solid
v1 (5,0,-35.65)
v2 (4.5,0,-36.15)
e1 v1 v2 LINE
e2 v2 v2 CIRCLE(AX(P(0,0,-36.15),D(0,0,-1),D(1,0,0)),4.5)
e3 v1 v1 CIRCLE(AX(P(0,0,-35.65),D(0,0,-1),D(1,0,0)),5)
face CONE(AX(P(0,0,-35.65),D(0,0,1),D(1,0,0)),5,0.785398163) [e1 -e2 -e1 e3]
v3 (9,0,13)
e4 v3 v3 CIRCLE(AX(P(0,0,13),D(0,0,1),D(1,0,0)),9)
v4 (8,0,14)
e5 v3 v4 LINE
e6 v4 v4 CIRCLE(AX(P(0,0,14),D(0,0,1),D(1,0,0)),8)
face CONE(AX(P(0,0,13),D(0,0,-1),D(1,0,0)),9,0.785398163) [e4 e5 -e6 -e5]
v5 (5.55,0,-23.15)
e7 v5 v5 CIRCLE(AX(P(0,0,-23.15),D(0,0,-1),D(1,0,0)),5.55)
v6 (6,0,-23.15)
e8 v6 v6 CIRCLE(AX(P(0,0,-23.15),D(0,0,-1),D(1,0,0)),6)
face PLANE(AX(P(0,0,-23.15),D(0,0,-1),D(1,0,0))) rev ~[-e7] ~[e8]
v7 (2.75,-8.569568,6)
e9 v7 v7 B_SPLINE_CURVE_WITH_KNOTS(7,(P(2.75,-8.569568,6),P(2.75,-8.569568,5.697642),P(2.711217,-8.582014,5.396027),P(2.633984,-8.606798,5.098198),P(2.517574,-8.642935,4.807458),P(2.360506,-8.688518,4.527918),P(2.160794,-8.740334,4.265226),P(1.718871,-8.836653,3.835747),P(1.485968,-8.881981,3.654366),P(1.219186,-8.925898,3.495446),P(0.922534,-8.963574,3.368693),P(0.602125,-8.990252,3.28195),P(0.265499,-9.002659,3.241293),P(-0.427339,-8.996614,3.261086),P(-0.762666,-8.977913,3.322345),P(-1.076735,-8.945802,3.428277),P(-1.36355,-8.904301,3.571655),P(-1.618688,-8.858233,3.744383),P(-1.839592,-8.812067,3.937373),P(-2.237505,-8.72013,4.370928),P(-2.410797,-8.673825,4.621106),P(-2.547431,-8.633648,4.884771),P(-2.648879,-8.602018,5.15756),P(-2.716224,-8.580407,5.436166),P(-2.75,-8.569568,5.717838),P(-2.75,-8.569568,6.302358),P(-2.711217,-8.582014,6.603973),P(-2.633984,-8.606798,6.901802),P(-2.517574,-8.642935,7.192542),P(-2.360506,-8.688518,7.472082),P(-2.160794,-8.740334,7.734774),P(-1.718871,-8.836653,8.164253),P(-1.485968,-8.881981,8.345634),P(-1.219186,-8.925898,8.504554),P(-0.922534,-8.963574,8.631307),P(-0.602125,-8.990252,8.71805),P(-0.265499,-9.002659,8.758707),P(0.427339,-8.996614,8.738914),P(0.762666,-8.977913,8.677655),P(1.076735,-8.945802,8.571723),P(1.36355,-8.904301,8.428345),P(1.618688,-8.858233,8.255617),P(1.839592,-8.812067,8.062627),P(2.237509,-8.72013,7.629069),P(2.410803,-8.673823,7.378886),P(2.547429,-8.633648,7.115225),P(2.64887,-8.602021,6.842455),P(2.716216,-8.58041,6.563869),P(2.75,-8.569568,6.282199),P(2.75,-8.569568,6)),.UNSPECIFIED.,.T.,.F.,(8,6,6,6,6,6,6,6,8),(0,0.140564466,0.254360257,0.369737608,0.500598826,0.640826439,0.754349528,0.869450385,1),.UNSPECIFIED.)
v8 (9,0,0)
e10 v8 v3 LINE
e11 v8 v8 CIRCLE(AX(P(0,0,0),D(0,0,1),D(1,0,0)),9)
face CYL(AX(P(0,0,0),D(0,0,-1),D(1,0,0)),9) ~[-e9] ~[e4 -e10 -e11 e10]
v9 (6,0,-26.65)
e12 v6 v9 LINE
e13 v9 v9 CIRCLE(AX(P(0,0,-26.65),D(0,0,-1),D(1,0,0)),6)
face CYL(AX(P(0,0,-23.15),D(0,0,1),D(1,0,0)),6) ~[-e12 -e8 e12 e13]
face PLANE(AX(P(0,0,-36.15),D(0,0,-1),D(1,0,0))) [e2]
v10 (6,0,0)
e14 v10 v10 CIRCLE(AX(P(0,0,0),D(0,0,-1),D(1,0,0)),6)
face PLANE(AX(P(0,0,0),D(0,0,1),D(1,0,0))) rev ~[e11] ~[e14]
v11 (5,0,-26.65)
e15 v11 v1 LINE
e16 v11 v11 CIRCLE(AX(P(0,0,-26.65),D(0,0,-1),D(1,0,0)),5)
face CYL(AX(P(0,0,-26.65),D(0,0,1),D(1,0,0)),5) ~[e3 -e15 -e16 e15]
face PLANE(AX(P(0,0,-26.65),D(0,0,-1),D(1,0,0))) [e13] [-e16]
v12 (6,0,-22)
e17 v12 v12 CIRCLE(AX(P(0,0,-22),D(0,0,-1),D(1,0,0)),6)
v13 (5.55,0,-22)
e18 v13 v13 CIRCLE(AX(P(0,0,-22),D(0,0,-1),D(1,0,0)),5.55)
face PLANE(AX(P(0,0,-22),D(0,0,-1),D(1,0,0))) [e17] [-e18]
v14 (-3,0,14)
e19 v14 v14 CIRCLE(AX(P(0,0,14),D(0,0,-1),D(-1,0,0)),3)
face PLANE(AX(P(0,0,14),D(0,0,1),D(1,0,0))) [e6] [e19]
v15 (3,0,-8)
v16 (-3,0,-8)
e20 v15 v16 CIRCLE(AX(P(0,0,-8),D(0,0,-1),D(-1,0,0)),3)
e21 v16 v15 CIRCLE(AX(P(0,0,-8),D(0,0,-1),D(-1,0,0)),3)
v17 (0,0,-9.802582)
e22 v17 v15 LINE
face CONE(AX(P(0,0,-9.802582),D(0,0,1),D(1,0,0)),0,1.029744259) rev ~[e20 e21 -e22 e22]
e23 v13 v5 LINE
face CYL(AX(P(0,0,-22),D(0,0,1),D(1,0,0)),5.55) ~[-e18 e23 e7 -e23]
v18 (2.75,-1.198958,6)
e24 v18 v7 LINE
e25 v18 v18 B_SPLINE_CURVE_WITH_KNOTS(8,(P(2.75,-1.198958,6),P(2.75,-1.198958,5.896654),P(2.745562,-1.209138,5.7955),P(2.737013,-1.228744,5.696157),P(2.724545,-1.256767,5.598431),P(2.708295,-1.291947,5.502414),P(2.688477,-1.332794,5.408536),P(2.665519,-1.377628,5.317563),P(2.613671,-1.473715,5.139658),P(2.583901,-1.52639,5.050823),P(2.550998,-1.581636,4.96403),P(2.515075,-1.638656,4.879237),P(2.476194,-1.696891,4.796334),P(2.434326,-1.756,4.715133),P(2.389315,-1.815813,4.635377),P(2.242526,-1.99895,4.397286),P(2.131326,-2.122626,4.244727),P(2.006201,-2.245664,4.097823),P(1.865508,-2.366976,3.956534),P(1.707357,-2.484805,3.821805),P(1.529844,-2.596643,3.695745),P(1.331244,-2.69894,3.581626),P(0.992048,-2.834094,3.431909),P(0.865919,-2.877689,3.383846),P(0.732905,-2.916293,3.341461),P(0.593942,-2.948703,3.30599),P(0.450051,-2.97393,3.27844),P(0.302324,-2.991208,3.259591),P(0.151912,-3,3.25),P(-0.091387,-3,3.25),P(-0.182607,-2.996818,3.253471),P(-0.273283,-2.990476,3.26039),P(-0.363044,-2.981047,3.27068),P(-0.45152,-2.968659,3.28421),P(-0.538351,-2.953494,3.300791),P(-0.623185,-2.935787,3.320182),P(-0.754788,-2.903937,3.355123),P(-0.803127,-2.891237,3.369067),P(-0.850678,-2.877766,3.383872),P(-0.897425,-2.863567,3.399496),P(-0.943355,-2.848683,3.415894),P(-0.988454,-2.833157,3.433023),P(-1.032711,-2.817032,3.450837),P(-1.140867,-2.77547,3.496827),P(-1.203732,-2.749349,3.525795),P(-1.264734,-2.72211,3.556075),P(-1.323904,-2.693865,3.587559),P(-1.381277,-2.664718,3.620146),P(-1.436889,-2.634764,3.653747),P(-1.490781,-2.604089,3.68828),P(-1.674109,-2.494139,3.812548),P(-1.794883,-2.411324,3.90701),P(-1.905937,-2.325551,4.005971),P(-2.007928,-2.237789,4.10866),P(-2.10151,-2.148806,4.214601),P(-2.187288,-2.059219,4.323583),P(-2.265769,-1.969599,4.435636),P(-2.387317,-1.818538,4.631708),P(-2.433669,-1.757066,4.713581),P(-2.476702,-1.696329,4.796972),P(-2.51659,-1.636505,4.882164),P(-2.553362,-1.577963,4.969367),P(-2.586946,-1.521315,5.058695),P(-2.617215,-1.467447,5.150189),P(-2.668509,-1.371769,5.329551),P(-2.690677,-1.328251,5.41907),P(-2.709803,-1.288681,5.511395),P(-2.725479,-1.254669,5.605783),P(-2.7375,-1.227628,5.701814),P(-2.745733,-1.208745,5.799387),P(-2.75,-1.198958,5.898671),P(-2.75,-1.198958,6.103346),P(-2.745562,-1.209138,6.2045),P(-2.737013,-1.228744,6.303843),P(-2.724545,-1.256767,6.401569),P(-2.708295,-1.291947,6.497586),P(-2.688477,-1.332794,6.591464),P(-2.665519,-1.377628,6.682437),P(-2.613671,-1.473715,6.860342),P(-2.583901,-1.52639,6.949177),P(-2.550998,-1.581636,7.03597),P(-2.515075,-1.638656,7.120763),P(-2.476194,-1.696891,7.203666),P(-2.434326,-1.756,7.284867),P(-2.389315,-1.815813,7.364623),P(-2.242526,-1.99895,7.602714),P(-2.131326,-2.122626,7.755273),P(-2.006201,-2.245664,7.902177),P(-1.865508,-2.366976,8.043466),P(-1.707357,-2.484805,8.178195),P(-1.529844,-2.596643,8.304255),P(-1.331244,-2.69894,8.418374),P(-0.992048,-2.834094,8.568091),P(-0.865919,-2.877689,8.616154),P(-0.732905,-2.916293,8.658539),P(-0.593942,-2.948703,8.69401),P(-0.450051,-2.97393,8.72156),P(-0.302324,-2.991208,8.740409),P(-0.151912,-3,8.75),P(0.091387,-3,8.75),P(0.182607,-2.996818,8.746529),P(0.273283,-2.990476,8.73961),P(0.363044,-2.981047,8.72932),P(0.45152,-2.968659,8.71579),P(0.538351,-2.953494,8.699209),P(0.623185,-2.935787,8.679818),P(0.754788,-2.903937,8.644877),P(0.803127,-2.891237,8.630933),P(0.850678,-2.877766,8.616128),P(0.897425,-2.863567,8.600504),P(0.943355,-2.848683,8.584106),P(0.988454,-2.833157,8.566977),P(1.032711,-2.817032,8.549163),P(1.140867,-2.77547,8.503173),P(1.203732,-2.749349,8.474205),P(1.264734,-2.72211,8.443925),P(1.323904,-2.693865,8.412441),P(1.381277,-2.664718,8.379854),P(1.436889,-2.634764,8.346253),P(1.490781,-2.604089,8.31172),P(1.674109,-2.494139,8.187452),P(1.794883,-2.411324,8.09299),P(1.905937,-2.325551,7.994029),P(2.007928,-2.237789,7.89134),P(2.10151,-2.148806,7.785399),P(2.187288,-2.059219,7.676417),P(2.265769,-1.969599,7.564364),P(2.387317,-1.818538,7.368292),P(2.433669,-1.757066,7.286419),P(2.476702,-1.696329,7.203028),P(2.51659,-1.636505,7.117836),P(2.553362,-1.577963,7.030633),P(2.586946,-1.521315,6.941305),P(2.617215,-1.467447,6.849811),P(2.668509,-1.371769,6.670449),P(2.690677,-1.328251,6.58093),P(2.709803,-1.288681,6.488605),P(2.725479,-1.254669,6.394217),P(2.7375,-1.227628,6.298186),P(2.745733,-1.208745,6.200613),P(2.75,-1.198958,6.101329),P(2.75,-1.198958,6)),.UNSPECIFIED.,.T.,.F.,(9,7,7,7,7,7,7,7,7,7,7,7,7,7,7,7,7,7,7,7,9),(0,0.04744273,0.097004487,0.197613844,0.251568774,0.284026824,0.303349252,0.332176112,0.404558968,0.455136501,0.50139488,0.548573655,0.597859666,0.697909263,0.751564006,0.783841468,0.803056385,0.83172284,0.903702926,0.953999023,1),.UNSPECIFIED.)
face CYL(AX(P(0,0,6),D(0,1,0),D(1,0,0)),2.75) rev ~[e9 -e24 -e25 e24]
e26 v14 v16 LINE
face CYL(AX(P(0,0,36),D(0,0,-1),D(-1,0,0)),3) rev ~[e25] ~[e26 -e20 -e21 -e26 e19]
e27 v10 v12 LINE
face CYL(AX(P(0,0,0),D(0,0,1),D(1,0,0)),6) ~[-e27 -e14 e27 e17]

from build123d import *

# Parameters (mm, degrees)
F0_R      = 9
F1_DEPTH  = 14
F2_R      = 6
F3_DEPTH  = 22
F4_R      = 5.55
F5_DEPTH  = 1.15
F6_R      = 6
F7_DEPTH  = 3.5
F8_R      = 5
F9_DEPTH  = 9.5
F10_SIZE  = 0.5
F11_SIZE  = 1
F13_D     = 6
F13_DEPTH = 22
F13_TIP   = 1.8025818571
F15_D     = 5.5
F15_DEPTH = 22
F15_TIP   = 1.6523667023


with BuildPart() as f1:
    # F0 (on Top) → F1 (new body)
    with BuildSketch(Plane.XY):
        Circle(F0_R)
    extrude(amount=F1_DEPTH)

    # F2 (on face) → F3 (join)
    with BuildSketch(Plane(origin=(0, 0, 0), x_dir=(1, 0, 0), z_dir=(0, 0, -1))):
        Circle(F2_R)
    extrude(amount=F3_DEPTH)

    # F4 (on face) → F5 (join)
    with BuildSketch(Plane(origin=(0, 0, -22), x_dir=(1, 0, 0), z_dir=(0, 0, -1))):
        Circle(F4_R)
    extrude(amount=F5_DEPTH)

    # F6 (on face) → F7 (join)
    with BuildSketch(Plane(origin=(0, 0, -23.15), x_dir=(1, 0, 0), z_dir=(0, 0, -1))):
        Circle(F6_R)
    extrude(amount=F7_DEPTH)

    # F8 (on face) → F9 (join)
    with BuildSketch(Plane(origin=(0, 0, -26.65), x_dir=(1, 0, 0), z_dir=(0, 0, -1))):
        Circle(F8_R)
    extrude(amount=F9_DEPTH)

    # F10
    f10_edges = [f1.edges().sort_by_distance(p)[0] for p in [
        (-5, 0, -36.15),
    ]]
    chamfer(f10_edges, length=F10_SIZE)

    # F11
    f11_edges = [f1.edges().sort_by_distance(p)[0] for p in [
        (-9, 0, 14),
    ]]
    chamfer(f11_edges, length=F11_SIZE)

    # F13
    with Locations(Plane.XY.offset(14)):
        with Locations((0, 0)):
            Hole(F13_D / 2, depth=F13_DEPTH)
            with Locations((0, 0, -(F13_DEPTH + F13_TIP / 2))):  # 118° drill point
                Cone(0, F13_D / 2, F13_TIP, mode=Mode.SUBTRACT)

    # F15 (one way)
    with BuildSketch(Plane(origin=(0, 0, 0), x_dir=(1, 0, 0), z_dir=(0, 1, 0))):
        with Locations((0, -6)):
            Circle(F15_D / 2)
    extrude(amount=-F15_DEPTH, mode=Mode.SUBTRACT)
    with Locations(Plane(origin=(0, 0, 0), x_dir=(1, 0, 0), z_dir=(0, 1, 0))):
        with Locations((0, -6)):
            with Locations((0, 0, -(F15_DEPTH + F15_TIP / 2))):  # 118° drill point
                Cone(0, F15_D / 2, F15_TIP, mode=Mode.SUBTRACT)


solid = f1.part
